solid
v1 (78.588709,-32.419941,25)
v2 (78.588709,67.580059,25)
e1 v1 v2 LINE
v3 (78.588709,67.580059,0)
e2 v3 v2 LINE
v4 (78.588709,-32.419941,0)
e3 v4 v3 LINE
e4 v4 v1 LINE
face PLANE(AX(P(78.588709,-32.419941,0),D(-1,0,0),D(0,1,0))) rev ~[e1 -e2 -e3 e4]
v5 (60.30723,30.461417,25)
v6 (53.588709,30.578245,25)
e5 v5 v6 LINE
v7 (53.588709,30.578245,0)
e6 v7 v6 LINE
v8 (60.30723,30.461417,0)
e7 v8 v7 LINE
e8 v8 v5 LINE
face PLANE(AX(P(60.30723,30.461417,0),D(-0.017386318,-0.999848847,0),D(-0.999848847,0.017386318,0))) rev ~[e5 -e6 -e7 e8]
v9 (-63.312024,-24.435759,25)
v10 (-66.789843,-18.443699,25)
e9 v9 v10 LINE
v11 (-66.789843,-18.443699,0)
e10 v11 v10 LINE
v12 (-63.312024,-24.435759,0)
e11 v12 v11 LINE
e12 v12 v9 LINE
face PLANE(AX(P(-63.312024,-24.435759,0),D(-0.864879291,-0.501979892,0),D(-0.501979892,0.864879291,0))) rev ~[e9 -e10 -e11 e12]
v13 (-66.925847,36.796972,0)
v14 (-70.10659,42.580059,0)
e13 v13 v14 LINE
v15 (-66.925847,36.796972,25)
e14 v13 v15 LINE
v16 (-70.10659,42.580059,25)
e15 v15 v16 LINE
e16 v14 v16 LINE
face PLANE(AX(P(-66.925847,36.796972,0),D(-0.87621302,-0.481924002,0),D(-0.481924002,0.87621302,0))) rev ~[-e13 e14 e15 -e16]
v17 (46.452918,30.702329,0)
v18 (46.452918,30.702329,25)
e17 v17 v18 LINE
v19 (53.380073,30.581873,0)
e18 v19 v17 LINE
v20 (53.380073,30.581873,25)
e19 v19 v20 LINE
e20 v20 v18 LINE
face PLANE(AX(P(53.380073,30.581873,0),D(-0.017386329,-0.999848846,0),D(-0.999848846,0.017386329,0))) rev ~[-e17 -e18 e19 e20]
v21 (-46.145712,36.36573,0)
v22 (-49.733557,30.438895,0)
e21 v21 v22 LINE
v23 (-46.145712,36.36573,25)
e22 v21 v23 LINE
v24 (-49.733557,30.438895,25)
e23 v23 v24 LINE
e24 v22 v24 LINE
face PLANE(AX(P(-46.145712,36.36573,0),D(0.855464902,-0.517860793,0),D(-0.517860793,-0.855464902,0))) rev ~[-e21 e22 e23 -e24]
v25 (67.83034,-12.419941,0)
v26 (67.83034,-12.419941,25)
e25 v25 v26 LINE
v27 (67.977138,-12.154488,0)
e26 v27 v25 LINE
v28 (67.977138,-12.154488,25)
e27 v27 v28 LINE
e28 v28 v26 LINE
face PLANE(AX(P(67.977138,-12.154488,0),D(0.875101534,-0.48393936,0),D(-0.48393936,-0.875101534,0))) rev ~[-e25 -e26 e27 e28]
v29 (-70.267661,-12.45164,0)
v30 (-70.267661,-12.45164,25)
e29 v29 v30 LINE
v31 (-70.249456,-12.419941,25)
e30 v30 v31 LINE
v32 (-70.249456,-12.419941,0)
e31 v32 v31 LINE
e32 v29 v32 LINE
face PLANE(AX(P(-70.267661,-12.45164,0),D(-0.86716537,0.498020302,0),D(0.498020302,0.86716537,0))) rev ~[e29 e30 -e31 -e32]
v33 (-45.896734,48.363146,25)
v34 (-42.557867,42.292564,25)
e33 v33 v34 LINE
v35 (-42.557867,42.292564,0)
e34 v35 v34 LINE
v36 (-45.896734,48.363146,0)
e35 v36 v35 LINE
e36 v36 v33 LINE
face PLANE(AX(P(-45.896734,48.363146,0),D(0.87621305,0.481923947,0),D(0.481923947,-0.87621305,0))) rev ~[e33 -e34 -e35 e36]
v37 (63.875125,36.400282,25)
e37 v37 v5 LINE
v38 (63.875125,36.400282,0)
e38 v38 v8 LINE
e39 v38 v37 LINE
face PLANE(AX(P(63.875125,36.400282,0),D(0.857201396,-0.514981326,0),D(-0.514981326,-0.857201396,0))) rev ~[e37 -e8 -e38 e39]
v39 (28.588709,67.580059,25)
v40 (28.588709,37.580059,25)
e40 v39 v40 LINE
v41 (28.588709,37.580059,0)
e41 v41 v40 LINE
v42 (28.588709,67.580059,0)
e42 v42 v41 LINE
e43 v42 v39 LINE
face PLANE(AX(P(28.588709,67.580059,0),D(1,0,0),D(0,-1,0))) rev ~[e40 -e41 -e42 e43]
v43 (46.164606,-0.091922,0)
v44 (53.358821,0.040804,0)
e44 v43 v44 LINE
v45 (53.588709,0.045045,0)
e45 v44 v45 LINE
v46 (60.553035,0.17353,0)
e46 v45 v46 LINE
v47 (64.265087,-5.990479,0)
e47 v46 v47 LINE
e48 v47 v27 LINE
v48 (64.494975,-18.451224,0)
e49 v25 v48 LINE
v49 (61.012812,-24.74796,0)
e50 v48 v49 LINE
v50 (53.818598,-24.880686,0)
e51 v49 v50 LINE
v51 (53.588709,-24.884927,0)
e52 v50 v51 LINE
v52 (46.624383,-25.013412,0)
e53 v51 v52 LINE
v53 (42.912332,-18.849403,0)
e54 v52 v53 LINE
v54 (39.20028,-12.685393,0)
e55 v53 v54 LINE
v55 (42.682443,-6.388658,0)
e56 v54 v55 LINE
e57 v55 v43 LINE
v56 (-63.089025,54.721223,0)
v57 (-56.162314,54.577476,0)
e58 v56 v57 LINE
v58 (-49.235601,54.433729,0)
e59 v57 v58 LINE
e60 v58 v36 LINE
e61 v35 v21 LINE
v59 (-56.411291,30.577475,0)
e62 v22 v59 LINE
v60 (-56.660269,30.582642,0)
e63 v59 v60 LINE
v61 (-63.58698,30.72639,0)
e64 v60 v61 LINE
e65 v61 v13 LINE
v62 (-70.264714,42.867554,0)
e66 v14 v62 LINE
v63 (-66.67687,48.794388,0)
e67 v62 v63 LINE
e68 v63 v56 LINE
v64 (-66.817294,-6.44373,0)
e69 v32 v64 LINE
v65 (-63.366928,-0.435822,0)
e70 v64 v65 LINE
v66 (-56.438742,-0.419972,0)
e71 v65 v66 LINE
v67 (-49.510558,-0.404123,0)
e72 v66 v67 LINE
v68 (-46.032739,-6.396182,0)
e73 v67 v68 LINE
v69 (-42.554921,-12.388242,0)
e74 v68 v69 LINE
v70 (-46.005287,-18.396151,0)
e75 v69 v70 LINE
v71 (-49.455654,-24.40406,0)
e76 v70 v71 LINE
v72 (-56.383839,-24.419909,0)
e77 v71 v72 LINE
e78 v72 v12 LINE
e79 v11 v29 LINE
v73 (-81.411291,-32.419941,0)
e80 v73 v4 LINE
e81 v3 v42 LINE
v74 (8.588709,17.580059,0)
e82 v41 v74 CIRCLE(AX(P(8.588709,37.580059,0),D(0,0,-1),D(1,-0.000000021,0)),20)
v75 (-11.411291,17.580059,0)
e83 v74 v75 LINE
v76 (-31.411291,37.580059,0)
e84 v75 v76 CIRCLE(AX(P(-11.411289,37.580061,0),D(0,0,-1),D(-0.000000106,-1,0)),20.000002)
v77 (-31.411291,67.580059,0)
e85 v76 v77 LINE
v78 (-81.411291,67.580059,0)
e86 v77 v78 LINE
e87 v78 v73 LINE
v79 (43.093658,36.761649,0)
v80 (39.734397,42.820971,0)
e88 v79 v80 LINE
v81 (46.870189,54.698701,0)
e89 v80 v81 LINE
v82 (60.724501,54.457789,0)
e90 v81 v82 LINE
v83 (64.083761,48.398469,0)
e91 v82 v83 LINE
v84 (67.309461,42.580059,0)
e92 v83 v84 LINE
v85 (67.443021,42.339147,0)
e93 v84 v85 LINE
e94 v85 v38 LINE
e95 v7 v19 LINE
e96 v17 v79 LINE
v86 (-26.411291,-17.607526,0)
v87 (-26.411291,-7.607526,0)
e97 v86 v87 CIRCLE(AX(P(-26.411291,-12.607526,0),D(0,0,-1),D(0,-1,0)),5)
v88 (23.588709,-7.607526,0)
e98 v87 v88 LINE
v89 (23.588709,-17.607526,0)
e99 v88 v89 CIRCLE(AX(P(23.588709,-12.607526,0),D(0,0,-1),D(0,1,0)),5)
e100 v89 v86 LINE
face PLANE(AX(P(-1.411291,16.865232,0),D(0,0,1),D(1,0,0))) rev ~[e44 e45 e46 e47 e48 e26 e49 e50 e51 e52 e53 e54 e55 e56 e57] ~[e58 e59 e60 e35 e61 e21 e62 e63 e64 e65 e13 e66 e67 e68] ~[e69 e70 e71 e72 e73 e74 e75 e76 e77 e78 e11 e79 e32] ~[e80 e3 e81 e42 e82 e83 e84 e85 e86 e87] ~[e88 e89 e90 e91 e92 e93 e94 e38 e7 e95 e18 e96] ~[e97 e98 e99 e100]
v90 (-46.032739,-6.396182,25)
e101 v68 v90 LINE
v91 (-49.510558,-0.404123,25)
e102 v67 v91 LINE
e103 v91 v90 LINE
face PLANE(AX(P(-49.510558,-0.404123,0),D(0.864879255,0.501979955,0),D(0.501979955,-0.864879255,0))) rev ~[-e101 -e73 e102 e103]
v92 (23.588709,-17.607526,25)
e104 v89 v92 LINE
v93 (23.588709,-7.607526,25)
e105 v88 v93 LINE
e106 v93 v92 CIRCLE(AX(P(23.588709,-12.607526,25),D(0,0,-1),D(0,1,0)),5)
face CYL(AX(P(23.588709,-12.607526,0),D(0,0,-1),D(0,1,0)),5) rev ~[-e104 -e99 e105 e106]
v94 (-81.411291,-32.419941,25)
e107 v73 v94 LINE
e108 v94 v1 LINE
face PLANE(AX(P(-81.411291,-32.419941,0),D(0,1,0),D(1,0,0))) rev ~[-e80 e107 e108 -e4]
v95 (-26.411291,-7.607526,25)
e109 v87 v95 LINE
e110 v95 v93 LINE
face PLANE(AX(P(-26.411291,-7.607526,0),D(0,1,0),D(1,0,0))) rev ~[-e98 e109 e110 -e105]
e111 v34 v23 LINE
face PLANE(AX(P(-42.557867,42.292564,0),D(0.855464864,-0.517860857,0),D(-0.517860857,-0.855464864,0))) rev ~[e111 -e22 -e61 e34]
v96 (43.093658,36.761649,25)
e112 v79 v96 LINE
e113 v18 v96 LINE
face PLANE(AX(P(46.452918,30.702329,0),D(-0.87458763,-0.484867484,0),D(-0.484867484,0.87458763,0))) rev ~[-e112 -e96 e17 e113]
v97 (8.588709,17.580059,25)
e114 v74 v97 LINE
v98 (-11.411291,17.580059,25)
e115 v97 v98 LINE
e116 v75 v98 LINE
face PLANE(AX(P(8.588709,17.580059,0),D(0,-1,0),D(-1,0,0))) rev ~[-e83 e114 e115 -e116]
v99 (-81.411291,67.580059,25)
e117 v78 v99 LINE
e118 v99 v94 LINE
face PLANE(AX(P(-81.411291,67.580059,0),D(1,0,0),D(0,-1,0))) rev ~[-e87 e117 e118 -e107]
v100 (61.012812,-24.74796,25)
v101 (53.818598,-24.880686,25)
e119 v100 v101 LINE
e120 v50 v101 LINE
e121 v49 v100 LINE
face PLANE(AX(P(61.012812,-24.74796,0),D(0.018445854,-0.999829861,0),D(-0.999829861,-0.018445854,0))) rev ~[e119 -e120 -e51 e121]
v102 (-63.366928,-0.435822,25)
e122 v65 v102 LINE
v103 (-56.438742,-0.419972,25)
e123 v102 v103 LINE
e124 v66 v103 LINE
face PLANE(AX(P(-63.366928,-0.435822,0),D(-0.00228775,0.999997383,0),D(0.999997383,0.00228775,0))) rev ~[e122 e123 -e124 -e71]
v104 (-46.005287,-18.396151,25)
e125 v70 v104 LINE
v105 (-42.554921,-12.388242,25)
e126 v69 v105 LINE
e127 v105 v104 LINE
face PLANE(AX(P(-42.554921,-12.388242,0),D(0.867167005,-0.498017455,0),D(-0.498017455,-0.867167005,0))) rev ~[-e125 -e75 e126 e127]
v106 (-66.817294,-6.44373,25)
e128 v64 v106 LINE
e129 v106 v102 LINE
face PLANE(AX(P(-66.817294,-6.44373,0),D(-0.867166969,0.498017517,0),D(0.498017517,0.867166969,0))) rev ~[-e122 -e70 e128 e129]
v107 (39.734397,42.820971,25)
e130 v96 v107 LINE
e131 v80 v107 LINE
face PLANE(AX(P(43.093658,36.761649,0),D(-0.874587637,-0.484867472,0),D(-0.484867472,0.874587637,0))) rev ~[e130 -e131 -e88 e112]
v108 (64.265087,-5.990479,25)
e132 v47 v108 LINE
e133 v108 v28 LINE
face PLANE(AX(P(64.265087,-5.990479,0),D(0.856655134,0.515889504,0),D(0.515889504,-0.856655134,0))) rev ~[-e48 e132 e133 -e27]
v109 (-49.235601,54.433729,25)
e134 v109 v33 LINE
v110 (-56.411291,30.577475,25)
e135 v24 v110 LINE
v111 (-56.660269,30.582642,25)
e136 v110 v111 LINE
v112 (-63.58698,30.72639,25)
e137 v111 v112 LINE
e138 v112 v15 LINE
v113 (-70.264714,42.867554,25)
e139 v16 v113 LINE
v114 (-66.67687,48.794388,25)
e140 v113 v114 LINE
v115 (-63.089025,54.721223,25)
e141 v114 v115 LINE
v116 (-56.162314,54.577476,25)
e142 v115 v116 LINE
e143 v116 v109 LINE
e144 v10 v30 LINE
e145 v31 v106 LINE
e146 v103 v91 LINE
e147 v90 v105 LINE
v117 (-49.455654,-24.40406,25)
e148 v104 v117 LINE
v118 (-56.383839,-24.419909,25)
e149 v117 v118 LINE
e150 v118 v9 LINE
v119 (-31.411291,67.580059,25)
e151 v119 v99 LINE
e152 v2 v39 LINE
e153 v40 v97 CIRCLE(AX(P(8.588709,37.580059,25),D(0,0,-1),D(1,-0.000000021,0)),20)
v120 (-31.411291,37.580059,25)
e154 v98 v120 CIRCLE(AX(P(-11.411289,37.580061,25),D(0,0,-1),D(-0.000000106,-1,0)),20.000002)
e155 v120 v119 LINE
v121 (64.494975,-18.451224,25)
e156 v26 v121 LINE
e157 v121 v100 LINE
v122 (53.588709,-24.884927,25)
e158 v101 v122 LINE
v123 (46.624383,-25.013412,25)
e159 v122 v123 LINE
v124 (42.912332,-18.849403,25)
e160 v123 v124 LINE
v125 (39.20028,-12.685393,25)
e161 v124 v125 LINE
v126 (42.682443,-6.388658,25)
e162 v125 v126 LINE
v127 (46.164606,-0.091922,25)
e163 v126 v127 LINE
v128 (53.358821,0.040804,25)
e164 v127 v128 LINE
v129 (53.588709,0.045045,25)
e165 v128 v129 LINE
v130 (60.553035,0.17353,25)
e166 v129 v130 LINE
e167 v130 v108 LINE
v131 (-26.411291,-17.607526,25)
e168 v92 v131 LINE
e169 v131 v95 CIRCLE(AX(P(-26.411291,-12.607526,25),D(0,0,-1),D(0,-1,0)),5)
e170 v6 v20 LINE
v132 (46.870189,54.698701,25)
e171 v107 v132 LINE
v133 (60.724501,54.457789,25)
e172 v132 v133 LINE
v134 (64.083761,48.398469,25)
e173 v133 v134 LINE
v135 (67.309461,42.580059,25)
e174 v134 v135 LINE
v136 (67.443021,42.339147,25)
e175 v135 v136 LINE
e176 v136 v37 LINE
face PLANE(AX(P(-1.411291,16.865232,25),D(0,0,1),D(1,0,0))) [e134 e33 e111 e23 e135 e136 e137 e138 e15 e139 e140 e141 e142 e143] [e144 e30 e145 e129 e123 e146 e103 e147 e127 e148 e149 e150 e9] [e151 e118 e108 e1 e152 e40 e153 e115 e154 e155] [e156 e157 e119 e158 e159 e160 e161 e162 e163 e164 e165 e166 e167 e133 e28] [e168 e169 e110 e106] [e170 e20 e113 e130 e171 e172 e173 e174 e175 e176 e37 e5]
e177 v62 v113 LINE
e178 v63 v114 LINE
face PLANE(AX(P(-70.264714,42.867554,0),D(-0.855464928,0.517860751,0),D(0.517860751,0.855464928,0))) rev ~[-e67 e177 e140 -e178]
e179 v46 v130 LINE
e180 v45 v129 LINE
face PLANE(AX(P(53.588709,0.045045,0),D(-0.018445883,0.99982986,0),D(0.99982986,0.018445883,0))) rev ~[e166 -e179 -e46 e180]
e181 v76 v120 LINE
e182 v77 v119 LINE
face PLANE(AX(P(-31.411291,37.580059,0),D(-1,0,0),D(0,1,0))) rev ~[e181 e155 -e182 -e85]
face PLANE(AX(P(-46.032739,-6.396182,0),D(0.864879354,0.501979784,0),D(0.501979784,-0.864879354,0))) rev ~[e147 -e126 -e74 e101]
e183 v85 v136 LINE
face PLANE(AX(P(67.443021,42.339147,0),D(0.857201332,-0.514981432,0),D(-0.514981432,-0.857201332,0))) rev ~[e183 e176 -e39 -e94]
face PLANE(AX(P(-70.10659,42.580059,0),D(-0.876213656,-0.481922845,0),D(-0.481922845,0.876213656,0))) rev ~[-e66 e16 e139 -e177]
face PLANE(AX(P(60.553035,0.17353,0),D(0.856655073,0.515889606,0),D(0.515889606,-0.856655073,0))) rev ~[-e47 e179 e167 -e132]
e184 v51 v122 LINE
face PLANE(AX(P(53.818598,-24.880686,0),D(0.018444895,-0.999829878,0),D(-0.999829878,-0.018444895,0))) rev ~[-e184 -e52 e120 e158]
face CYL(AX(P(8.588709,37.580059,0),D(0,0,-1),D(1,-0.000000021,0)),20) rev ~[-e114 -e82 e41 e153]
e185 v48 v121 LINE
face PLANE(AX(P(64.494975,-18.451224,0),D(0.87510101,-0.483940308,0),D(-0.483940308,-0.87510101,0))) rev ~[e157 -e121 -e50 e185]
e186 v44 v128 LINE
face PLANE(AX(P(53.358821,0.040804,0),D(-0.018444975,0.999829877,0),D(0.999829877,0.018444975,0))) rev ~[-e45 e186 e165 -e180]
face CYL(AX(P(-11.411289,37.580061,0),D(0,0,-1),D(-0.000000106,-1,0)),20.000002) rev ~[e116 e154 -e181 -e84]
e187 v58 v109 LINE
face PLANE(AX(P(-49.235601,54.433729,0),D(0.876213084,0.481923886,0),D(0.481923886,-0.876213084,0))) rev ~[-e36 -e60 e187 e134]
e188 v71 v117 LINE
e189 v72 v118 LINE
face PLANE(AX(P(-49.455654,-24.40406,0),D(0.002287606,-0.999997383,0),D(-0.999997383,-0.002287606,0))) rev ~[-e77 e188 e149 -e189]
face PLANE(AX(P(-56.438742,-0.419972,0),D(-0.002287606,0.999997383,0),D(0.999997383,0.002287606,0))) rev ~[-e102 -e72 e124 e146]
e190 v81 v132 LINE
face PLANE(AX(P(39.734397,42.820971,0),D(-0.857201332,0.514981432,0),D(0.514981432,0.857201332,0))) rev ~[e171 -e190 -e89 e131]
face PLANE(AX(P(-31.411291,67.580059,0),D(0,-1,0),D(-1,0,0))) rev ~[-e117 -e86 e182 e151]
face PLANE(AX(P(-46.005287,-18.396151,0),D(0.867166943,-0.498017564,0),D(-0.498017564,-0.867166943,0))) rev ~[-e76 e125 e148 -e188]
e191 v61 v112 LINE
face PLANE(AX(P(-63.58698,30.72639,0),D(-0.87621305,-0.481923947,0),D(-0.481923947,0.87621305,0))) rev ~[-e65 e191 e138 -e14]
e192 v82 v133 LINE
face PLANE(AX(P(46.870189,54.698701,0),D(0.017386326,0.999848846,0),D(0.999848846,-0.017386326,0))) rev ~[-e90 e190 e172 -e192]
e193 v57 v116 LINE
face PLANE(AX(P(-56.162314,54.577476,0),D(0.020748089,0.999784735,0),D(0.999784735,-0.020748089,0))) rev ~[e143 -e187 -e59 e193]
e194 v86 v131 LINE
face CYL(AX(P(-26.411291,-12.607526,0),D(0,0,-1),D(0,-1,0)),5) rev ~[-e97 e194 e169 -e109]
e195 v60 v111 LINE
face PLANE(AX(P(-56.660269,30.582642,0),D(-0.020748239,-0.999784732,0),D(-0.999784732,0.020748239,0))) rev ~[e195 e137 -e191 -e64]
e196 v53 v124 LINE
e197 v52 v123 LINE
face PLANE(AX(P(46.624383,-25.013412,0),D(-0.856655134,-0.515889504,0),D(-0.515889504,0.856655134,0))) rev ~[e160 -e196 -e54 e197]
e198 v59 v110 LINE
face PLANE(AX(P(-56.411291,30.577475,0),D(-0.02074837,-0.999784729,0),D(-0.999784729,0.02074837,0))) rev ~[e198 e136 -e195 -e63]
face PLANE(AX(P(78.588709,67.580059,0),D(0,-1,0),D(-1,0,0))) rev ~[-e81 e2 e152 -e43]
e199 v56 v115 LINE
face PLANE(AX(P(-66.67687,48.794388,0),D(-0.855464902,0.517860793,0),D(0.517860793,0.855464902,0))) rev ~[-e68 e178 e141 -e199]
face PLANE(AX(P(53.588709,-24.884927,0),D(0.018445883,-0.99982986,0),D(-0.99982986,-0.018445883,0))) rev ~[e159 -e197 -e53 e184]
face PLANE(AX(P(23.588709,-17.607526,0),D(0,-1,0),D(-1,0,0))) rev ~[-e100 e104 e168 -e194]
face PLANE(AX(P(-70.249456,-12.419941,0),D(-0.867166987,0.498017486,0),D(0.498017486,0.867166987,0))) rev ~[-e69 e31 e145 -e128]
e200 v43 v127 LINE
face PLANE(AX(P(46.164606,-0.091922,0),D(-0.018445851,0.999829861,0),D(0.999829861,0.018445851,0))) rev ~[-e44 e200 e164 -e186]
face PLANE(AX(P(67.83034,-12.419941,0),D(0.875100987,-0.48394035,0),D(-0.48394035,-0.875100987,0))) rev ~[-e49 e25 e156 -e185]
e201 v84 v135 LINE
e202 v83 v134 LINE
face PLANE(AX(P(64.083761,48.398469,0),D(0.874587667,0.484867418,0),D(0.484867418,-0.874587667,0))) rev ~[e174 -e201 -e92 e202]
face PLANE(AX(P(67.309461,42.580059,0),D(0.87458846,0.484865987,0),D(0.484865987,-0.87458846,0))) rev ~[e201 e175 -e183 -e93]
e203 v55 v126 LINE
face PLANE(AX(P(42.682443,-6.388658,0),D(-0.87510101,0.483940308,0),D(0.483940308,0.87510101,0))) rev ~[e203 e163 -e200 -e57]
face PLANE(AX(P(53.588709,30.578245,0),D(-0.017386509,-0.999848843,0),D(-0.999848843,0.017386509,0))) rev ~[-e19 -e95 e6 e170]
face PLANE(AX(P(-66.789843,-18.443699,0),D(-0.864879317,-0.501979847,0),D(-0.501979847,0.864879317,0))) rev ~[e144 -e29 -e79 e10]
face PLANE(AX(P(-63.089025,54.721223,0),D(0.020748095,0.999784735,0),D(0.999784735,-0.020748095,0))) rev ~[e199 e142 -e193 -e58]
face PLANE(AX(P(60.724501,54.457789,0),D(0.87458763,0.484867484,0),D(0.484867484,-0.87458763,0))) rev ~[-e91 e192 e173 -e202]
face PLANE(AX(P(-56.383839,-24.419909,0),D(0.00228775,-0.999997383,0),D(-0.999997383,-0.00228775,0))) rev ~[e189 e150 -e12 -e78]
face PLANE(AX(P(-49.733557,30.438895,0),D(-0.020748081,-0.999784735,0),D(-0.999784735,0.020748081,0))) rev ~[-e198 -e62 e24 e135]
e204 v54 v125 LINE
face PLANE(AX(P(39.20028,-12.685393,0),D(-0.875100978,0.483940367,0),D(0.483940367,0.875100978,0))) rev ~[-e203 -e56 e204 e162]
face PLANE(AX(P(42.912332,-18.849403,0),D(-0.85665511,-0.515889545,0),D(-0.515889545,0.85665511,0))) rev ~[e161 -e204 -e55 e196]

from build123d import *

# Parameters (mm, degrees)
F1_DEPTH = 25


with BuildPart() as f1:
    # F0 (on Top) → F1 (new body)
    with BuildSketch(Plane.XY):
        with BuildLine():
            Line((-31.411291, 67.580059), (-81.411291, 67.580059))
            Line((-81.411291, 67.580059), (-81.411291, 42.580059))
            Line((-81.411291, 42.580059), (-81.411291, -6.443731))
            Line((-81.411291, -6.443731), (-81.411291, -12.419941))
            Line((-81.411291, -12.419941), (-81.411291, -32.419941))
            Line((-81.411291, -32.419941), (-56.411291, -32.419941))
            Line((-56.411291, -32.419941), (-31.411291, -32.419941))
            Line((-31.411291, -32.419941), (-26.411291, -32.419941))
            Line((-26.411291, -32.419941), (28.588709, -32.419941))
            Line((28.588709, -32.419941), (53.588709, -32.419941))
            Line((53.588709, -32.419941), (78.588709, -32.419941))
            Line((78.588709, -32.419941), (78.588709, 42.580059))
            Line((78.588709, 42.580059), (78.588709, 67.580059))
            Line((78.588709, 67.580059), (28.588709, 67.580059))
            Line((28.588709, 67.580059), (28.588709, 37.580059))
            ThreePointArc((28.588709, 37.580059), (22.730845, 23.437924), (8.588709, 17.580059))
            Line((8.588709, 17.580059), (-11.411291, 17.580059))
            ThreePointArc((-11.411291, 17.580059), (-25.553426, 23.437924), (-31.411291, 37.580059))
            Line((-31.411291, 37.580059), (-31.411291, 67.580059))
        make_face()
        Polygon((-70.267661, -12.45164), (-70.249456, -12.419941), (-66.817294, -6.44373), (-63.366928, -0.435822), (-56.438742, -0.419972), (-49.510558, -0.404123), (-46.032739, -6.396182), (-42.554921, -12.388242), (-46.005287, -18.396151), (-49.455654, -24.40406), (-56.383839, -24.419909), (-63.312024, -24.435759), (-66.789843, -18.443699), align=None, mode=Mode.SUBTRACT)
        with BuildLine():
            ThreePointArc((-26.411291, -17.607526), (-31.411291, -12.607526), (-26.411291, -7.607526))
            Line((-26.411291, -7.607526), (23.588709, -7.607526))
            ThreePointArc((23.588709, -7.607526), (28.588709, -12.607526), (23.588709, -17.607526))
            Line((23.588709, -17.607526), (-26.411291, -17.607526))
        make_face(mode=Mode.SUBTRACT)
        Polygon((53.818598, -24.880686), (53.588709, -24.884927), (46.624383, -25.013412), (42.912332, -18.849403), (39.20028, -12.685393), (42.682443, -6.388658), (46.164606, -0.091922), (53.358821, 0.040804), (53.588709, 0.045045), (60.553035, 0.17353), (64.265087, -5.990479), (67.977138, -12.154488), (67.83034, -12.419941), (64.494975, -18.451224), (61.012812, -24.74796), align=None, mode=Mode.SUBTRACT)
        Polygon((-66.925847, 36.796972), (-70.10659, 42.580059), (-70.264714, 42.867554), (-66.67687, 48.794388), (-63.089025, 54.721223), (-56.162314, 54.577476), (-49.235601, 54.433729), (-45.896734, 48.363146), (-42.557867, 42.292564), (-46.145712, 36.36573), (-49.733557, 30.438895), (-56.411291, 30.577475), (-56.660269, 30.582642), (-63.58698, 30.72639), align=None, mode=Mode.SUBTRACT)
        Polygon((64.083761, 48.398469), (67.309461, 42.580059), (67.443021, 42.339147), (63.875125, 36.400282), (60.30723, 30.461417), (53.588709, 30.578245), (53.380073, 30.581873), (46.452918, 30.702329), (43.093658, 36.761649), (39.734397, 42.820971), (43.302293, 48.759836), (46.870189, 54.698701), (53.797345, 54.578245), (60.724501, 54.457789), align=None, mode=Mode.SUBTRACT)
    extrude(amount=F1_DEPTH)


solid = f1.part
